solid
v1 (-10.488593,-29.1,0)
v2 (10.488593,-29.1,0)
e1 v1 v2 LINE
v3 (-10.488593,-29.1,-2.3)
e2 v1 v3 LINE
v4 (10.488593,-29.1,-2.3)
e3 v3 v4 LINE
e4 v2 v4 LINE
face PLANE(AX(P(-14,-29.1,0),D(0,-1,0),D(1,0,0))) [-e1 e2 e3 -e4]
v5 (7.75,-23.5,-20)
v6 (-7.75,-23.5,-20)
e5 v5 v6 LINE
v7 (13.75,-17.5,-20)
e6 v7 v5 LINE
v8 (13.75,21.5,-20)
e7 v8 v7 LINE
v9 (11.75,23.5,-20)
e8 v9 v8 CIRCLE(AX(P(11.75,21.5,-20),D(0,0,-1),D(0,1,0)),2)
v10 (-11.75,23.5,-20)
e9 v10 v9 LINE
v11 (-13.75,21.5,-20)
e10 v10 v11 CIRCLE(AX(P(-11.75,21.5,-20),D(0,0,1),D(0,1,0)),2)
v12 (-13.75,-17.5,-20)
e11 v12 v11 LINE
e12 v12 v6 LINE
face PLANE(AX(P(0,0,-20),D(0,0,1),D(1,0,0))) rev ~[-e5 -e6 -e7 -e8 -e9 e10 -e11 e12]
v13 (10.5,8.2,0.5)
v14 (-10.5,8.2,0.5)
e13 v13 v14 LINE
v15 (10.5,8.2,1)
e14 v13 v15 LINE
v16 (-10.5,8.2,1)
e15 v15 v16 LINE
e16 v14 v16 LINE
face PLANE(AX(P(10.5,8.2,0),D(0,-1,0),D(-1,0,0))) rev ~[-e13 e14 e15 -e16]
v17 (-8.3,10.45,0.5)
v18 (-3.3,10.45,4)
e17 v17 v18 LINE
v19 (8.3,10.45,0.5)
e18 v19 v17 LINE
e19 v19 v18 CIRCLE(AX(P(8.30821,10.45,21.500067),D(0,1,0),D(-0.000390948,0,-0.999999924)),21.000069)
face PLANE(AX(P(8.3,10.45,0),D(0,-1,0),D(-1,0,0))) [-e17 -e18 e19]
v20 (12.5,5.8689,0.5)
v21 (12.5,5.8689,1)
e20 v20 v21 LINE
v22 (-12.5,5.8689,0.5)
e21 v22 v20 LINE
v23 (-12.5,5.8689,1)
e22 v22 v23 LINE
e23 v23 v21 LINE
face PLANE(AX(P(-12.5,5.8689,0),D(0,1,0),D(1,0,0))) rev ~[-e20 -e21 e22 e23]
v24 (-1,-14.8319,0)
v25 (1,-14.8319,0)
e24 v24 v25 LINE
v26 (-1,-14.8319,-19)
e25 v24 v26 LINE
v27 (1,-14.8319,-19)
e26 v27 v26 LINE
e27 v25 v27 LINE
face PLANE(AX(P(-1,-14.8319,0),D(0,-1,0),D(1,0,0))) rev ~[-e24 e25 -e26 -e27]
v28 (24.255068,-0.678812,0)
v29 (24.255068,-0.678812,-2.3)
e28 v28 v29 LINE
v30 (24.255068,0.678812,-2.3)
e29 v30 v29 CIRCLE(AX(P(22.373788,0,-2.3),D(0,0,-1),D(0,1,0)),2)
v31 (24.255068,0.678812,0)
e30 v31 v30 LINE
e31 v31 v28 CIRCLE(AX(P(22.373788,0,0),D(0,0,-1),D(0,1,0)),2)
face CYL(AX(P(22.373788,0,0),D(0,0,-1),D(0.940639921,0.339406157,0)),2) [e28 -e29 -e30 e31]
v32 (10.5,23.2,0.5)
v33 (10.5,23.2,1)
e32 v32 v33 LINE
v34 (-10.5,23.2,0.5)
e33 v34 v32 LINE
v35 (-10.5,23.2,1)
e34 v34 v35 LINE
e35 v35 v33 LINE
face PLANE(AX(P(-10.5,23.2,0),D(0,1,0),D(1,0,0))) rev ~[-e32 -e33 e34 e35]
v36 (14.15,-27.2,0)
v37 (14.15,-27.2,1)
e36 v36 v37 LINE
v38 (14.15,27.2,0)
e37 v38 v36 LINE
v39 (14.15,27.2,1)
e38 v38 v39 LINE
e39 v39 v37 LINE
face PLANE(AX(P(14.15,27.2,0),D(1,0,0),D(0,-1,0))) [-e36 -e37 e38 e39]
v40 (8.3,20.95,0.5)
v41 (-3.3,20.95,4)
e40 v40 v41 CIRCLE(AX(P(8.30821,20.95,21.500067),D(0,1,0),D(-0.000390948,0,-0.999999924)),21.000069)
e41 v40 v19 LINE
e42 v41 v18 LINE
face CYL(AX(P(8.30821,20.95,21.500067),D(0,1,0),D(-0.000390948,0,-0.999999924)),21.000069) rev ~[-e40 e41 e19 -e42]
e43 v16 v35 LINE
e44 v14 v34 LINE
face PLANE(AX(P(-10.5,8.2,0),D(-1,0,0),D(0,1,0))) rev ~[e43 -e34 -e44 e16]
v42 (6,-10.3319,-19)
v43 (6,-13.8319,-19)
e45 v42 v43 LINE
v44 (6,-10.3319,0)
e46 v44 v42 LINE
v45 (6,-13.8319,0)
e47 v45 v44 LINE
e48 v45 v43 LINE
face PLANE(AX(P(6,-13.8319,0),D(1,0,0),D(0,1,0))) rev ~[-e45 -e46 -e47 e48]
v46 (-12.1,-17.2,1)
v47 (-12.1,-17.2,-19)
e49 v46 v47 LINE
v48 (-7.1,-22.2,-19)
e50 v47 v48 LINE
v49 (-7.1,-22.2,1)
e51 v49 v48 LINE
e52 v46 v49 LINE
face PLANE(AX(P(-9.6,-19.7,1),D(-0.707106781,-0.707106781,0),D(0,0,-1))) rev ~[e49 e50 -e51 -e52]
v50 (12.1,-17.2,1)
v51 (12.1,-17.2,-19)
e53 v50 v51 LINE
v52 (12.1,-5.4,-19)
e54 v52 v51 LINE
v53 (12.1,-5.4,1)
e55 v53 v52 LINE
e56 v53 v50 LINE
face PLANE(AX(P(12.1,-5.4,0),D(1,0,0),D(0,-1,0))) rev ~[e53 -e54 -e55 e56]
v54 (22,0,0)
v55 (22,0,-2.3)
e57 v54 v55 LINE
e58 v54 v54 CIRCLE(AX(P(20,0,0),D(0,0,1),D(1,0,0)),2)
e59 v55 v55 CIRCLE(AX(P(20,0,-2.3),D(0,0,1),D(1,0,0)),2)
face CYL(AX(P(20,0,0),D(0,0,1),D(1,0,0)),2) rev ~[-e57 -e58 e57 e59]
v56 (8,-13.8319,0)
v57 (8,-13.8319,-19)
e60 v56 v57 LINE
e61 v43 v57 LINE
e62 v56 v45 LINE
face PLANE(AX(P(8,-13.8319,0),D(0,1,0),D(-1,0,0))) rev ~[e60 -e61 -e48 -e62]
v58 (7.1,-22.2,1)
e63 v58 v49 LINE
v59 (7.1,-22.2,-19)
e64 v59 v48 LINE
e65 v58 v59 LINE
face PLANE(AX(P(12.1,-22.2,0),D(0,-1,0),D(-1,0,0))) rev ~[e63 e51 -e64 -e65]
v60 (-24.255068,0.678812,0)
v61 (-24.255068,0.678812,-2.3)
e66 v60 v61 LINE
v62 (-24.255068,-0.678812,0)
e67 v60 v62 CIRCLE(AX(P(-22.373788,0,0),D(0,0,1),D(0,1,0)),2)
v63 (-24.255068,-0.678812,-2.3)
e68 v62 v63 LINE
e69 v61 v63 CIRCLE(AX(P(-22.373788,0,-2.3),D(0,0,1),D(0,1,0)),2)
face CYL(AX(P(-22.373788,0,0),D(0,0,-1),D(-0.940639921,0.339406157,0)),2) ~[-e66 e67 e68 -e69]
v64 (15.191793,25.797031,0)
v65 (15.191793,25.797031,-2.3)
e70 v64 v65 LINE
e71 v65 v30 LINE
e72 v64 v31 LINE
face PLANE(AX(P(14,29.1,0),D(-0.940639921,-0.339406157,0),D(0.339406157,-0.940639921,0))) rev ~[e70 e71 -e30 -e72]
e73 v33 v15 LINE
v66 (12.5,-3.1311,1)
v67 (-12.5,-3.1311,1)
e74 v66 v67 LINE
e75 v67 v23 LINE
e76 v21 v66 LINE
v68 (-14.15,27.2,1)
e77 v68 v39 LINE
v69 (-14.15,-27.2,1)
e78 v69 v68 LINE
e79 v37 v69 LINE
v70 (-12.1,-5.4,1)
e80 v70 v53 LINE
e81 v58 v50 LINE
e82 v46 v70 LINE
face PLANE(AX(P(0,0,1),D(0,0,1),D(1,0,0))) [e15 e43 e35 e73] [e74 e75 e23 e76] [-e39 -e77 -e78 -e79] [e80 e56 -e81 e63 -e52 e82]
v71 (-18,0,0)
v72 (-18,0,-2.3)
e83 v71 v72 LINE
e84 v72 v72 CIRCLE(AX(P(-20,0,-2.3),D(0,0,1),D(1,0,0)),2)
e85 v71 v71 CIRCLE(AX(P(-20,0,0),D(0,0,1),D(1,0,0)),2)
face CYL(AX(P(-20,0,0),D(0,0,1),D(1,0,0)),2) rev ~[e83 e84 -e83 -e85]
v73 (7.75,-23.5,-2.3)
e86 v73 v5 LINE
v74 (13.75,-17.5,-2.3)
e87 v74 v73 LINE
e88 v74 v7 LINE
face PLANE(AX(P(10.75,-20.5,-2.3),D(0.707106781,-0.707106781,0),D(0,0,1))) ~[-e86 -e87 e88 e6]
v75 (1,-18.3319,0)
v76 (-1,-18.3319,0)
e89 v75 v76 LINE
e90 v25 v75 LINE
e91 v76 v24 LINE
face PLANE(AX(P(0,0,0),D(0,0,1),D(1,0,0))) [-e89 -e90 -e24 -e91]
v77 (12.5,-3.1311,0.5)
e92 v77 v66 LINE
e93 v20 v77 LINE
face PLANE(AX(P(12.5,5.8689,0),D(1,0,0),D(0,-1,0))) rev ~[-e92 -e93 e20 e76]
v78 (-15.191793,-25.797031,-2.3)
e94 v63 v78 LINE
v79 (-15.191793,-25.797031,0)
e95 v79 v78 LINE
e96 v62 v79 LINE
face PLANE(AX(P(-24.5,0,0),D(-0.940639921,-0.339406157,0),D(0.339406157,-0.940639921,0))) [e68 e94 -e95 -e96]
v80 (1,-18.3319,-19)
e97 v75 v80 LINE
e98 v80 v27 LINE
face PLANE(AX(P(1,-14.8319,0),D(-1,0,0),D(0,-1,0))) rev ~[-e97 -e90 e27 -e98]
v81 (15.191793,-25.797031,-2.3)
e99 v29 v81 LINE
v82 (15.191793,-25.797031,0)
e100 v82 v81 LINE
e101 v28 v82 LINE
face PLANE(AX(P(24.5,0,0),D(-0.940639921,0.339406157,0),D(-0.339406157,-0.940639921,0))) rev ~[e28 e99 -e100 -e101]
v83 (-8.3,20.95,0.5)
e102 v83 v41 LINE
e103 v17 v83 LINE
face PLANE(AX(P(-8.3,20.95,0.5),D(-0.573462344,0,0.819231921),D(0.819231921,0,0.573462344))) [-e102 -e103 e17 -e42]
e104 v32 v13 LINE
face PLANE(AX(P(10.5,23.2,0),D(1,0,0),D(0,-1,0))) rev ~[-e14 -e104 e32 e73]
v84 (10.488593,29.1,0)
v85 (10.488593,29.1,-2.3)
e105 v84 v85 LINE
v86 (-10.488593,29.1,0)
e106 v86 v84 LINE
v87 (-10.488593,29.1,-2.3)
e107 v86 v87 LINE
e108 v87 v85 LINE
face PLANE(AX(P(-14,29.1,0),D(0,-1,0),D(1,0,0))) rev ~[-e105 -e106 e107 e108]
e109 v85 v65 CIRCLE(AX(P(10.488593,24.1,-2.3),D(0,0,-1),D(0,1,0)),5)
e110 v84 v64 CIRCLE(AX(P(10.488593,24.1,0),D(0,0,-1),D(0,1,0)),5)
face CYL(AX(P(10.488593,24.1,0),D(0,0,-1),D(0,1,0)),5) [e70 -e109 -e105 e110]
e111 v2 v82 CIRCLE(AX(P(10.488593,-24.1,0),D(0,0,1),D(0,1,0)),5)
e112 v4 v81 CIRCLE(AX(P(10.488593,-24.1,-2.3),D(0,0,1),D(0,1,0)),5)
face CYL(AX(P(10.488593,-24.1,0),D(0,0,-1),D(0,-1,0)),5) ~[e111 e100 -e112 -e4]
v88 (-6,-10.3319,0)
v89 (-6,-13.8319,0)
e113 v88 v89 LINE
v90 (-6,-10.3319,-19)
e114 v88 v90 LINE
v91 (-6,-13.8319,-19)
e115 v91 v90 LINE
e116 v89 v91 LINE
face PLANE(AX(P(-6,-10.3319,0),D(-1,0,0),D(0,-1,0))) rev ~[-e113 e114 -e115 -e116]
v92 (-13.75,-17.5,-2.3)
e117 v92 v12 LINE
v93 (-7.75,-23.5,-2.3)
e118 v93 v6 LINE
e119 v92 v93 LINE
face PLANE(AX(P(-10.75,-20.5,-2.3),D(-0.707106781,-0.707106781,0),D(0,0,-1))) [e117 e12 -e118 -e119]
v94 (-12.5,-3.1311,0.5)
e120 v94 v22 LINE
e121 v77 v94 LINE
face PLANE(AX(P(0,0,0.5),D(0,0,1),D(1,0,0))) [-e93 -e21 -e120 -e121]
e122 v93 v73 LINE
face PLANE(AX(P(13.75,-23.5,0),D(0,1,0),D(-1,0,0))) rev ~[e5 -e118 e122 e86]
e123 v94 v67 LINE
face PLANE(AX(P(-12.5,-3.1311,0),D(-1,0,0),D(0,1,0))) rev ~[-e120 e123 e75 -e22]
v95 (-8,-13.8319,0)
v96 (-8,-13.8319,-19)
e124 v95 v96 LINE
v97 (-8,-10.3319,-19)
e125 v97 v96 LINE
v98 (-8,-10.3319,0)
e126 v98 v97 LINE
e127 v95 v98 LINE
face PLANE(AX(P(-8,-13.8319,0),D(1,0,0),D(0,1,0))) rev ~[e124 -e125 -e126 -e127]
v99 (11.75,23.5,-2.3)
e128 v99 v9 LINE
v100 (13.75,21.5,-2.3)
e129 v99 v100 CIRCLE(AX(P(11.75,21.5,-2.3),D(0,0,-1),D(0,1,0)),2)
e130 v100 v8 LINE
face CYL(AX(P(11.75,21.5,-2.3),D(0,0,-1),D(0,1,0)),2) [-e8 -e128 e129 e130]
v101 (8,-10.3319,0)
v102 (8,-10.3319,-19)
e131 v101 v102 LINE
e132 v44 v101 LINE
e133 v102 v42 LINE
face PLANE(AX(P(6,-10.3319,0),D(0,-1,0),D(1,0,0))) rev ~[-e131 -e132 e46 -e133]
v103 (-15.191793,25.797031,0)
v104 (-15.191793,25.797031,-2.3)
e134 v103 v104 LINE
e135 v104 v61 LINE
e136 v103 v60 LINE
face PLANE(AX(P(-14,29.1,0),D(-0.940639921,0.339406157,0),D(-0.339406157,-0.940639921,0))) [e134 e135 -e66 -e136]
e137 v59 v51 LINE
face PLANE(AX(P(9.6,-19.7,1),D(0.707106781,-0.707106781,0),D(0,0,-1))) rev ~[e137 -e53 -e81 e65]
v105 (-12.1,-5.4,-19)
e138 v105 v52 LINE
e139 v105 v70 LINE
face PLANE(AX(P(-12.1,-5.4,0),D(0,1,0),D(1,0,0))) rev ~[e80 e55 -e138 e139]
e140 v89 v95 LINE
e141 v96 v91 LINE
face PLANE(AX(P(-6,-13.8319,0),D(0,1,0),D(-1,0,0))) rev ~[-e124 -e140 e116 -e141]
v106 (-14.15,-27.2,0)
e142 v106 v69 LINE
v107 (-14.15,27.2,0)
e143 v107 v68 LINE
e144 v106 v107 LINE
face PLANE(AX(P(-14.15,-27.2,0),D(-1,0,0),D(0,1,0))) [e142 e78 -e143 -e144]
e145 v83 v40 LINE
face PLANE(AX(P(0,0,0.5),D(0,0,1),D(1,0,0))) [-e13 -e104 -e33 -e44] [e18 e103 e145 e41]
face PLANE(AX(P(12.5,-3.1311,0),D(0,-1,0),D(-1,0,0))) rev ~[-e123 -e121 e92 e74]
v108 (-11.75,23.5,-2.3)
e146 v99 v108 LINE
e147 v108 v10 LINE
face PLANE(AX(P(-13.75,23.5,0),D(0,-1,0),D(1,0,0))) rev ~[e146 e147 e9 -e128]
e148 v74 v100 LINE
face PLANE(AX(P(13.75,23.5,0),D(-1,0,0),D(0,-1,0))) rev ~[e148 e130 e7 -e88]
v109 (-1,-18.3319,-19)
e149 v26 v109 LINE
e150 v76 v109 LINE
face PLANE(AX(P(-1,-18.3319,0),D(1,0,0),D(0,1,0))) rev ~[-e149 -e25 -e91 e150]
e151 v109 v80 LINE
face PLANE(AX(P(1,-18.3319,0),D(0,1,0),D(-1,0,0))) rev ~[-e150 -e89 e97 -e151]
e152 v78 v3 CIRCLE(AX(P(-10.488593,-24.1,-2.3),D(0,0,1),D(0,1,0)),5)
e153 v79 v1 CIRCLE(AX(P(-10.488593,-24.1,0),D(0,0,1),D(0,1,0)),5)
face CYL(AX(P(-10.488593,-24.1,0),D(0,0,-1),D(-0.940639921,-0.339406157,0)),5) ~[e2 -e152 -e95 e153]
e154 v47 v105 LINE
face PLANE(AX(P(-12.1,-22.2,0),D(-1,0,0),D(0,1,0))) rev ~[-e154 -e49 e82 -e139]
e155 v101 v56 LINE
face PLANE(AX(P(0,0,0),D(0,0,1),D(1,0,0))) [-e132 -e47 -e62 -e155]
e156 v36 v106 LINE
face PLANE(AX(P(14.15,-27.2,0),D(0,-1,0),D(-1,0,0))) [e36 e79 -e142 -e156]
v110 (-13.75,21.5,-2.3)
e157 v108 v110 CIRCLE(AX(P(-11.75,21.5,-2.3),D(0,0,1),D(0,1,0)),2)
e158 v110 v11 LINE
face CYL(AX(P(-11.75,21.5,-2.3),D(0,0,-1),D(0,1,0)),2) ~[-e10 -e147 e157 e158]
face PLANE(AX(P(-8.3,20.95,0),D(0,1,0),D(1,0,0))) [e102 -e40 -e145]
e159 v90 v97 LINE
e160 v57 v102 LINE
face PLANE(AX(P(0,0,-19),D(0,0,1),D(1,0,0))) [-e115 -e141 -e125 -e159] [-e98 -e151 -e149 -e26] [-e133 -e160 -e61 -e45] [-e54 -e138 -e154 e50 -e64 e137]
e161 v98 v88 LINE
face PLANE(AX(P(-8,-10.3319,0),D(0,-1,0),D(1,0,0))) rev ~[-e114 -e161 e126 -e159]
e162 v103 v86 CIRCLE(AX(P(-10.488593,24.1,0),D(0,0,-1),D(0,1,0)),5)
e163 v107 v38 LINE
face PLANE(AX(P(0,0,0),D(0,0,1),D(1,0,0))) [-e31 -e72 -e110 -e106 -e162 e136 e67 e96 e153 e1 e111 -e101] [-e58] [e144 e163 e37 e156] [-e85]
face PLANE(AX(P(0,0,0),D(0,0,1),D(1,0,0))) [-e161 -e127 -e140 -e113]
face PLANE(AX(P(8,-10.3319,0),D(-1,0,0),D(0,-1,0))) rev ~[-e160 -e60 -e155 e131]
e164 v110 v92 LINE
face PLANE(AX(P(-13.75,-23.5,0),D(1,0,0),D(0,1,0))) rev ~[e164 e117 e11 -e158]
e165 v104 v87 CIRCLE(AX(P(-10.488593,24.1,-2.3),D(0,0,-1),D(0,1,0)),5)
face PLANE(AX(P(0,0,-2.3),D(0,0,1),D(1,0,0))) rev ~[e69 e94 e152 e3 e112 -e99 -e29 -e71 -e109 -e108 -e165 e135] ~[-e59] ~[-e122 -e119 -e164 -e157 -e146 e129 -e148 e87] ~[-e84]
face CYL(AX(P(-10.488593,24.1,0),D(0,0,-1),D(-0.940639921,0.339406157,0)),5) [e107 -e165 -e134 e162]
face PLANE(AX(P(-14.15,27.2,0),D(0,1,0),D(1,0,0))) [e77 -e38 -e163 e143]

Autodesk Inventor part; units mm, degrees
ref_plane "YZ Plane" through (0, 0, 0) normal (1, 0, 0) x (0, 1, 0)
ref_plane "XZ Plane" through (0, 0, 0) normal (0, 1, 0) x (-1, 0, 0)
ref_plane "XY Plane" through (0, 0, 0) normal (0, 0, 1) x (1, 0, 0)
sketch "Sketch3" plane through (0, 0, 0) normal (0, 0, 1) x (1, 0, 0)
  line L0 (-13.75, 23.5) -> (13.75, 23.5)
  line L1 (13.75, 23.5) -> (13.75, -23.5)
  line L2 (13.75, -23.5) -> (-13.75, -23.5)
  line L3 (-13.75, -23.5) -> (-13.75, 23.5)
  line L4 (-13.75, 23.5) -> (13.75, -23.5) construction
  line L5 (13.75, 23.5) -> (-13.75, -23.5) construction
  point P0 (0, 0)
  dimension "d17" = 27.5
  dimension "d18" = 47
extrude "Extrusion1" add sketch "Sketch3" against normal blind 20
sketch "Sketch2" plane through (0, 0, 0) normal (0, 0, 1) x (1, 0, 0)
  line L0 (-24.5, 0) -> (24.5, 0) construction
  line L1 (0, 29.1) -> (0, -29.1) construction
  line L2 (-14, 29.1) -> (14, 29.1)
  line L3 (-14, 29.1) -> (-24.5, 0)
  line L4 (14, 29.1) -> (24.5, 0)
  line L5 (-14, -29.1) -> (14, -29.1)
  line L6 (-24.5, 0) -> (-14, -29.1)
  line L7 (24.5, 0) -> (14, -29.1)
  circle A0 centre (20, 0) radius 2
  circle A1 centre (-20, 0) radius 2
  point P0 (0, 0)
  point P1 (0, 0)
  dimension "d12" = 49
  dimension "d13" = 58.2
  dimension "d14" = 28
  dimension "d15" = 4
  dimension "d16" = 40
extrude "Extrusion2" add sketch "Sketch2" against normal blind 2.3
sketch "Sketch1" plane through (0, 0, 0) normal (0, 0, 1) x (1, 0, 0)
  line L0 (-14.15, 27.2) -> (14.15, 27.2)
  line L1 (14.15, 27.2) -> (14.15, -27.2)
  line L2 (14.15, -27.2) -> (-14.15, -27.2)
  line L3 (-14.15, -27.2) -> (-14.15, 27.2)
  line L4 (-14.15, 27.2) -> (14.15, -27.2) construction
  line L5 (14.15, 27.2) -> (-14.15, -27.2) construction
  line L6 (-10.5, 23.2) -> (10.5, 23.2)
  line L7 (10.5, 23.2) -> (10.5, 8.2)
  line L8 (10.5, 8.2) -> (-10.5, 8.2)
  line L9 (-10.5, 8.2) -> (-10.5, 23.2)
  line L10 (-10.5, 23.2) -> (10.5, 8.2) construction
  line L11 (10.5, 23.2) -> (-10.5, 8.2) construction
  line L12 (0, 15.7) -> (0, 0) construction
  line L13 (-12.1, -5.4) -> (12.1, -5.4)
  line L14 (12.1, -5.4) -> (12.1, -22.2)
  line L15 (12.1, -22.2) -> (-12.1, -22.2)
  line L16 (-12.1, -22.2) -> (-12.1, -5.4)
  line L17 (-12.1, -5.4) -> (12.1, -22.2) construction
  line L18 (12.1, -5.4) -> (-12.1, -22.2) construction
  line L19 (0, 0) -> (0, -13.8) construction
  line L20 (-8.3, 20.95) -> (8.3, 20.95)
  line L21 (8.3, 20.95) -> (8.3, 10.45)
  line L22 (8.3, 10.45) -> (-8.3, 10.45)
  line L23 (-8.3, 10.45) -> (-8.3, 20.95)
  line L24 (-8.3, 20.95) -> (8.3, 10.45) construction
  line L25 (8.3, 20.95) -> (-8.3, 10.45) construction
  line L26 (-12.5, 5.8689) -> (12.5, 5.8689)
  line L27 (12.5, 5.8689) -> (12.5, -3.1311)
  line L28 (12.5, -3.1311) -> (-12.5, -3.1311)
  line L29 (-12.5, -3.1311) -> (-12.5, 5.8689)
  line L30 (-12.5, 5.8689) -> (12.5, -3.1311) construction
  line L31 (12.5, 5.8689) -> (-12.5, -3.1311) construction
  point P0 (0, 1.3689)
  dimension "d0" = 28.3
  dimension "d1" = 54.4
  dimension "d2" = 21
  dimension "d3" = 15
  dimension "d4" = 4
  dimension "d5" = 24.2
  dimension "d6" = 16.8
  dimension "d7" = 5
  dimension "d8" = 16.6
  dimension "d9" = 10.5
  dimension "d10" = 25
  dimension "d11" = 9
extrude "Extrusion3" add sketch "Sketch1" along normal blind 1 contours L0 L1 L2 L3
extrude "Extrusion4" add sketch "Sketch1" along normal blind 0.5 contours L6 L7 L8 L9 | L26 L27 L28 L29
extrude "Extrusion5" add sketch "Sketch1" along normal blind 4 contours L20 L21 L22 L23
sketch "Sketch4" plane through (-8.3, 20.95, 0.5) normal (0, 1, 0) x (1, 0, 0)
  line L0 (0, -3.5) -> (16.6, -3.5) projected
  line L1 (0, 0) -> (0, -3.5) projected
  line L2 (16.6, 0) -> (16.6, -3.5) projected
  line L3 (0, 0) -> (5, -3.5)
  arc A0 (16.6, 0) -> (5, -3.5) centre (16.6082, -21) ccw
  point P0 (8.3, 0.5)
  dimension "d29" = 5
  dimension "d30" = 21
extrude "Extrusion6" cut sketch "Sketch4" against normal up to surface (10.5 mm away)
extrude "Extrusion7" cut sketch "Sketch1" against normal blind 19 contours L13 L14 L15 L16
sketch "Sketch5" plane through (0, 0, 0) normal (0, 0, 1) x (1, 0, 0)
  line L0 (-1, -14.8319) -> (1, -14.8319)
  line L1 (1, -14.8319) -> (1, -18.3319)
  line L2 (1, -18.3319) -> (-1, -18.3319)
  line L3 (-1, -18.3319) -> (-1, -14.8319)
  line L4 (-8, -10.3319) -> (-6, -10.3319)
  line L5 (-6, -10.3319) -> (-6, -13.8319)
  line L6 (-6, -13.8319) -> (-8, -13.8319)
  line L7 (-8, -13.8319) -> (-8, -10.3319)
  line L8 (6, -10.3319) -> (8, -10.3319)
  line L9 (8, -10.3319) -> (8, -13.8319)
  line L10 (8, -13.8319) -> (6, -13.8319)
  line L11 (6, -13.8319) -> (6, -10.3319)
  line L12 (-8, -12.0819) -> (8, -12.0819) construction
  line L13 (0, -14.8319) -> (0, -12.0819) construction
  point P0 (0, 0)
  dimension "d35" = 2
  dimension "d36" = 3.5
  dimension "d42" = 16
  dimension "d43" = 8
extrude "Extrusion8" add sketch "Sketch5" against normal up to next
fillet "Fillet1" radius 2 4 edges at (13.75, 23.5, -11.15) (-13.75, 23.5, -11.15) (24.5, 0, -1.15) (-24.5, 0, -1.15)
fillet "Fillet2" radius 5 4 edges at (14, 29.1, -1.15) (-14, 29.1, -1.15) (14, -29.1, -1.15) (-14, -29.1, -1.15)
chamfer "Chamfer1" distance 5 angle 45 2 edges at (12.1, -22.2, -9) (-12.1, -22.2, -9)
chamfer "Chamfer2" distance 6 angle 45 2 edges at (-13.75, -23.5, -11.15) (13.75, -23.5, -11.15)
properties part number "power-port" material "UHMW, Black"
